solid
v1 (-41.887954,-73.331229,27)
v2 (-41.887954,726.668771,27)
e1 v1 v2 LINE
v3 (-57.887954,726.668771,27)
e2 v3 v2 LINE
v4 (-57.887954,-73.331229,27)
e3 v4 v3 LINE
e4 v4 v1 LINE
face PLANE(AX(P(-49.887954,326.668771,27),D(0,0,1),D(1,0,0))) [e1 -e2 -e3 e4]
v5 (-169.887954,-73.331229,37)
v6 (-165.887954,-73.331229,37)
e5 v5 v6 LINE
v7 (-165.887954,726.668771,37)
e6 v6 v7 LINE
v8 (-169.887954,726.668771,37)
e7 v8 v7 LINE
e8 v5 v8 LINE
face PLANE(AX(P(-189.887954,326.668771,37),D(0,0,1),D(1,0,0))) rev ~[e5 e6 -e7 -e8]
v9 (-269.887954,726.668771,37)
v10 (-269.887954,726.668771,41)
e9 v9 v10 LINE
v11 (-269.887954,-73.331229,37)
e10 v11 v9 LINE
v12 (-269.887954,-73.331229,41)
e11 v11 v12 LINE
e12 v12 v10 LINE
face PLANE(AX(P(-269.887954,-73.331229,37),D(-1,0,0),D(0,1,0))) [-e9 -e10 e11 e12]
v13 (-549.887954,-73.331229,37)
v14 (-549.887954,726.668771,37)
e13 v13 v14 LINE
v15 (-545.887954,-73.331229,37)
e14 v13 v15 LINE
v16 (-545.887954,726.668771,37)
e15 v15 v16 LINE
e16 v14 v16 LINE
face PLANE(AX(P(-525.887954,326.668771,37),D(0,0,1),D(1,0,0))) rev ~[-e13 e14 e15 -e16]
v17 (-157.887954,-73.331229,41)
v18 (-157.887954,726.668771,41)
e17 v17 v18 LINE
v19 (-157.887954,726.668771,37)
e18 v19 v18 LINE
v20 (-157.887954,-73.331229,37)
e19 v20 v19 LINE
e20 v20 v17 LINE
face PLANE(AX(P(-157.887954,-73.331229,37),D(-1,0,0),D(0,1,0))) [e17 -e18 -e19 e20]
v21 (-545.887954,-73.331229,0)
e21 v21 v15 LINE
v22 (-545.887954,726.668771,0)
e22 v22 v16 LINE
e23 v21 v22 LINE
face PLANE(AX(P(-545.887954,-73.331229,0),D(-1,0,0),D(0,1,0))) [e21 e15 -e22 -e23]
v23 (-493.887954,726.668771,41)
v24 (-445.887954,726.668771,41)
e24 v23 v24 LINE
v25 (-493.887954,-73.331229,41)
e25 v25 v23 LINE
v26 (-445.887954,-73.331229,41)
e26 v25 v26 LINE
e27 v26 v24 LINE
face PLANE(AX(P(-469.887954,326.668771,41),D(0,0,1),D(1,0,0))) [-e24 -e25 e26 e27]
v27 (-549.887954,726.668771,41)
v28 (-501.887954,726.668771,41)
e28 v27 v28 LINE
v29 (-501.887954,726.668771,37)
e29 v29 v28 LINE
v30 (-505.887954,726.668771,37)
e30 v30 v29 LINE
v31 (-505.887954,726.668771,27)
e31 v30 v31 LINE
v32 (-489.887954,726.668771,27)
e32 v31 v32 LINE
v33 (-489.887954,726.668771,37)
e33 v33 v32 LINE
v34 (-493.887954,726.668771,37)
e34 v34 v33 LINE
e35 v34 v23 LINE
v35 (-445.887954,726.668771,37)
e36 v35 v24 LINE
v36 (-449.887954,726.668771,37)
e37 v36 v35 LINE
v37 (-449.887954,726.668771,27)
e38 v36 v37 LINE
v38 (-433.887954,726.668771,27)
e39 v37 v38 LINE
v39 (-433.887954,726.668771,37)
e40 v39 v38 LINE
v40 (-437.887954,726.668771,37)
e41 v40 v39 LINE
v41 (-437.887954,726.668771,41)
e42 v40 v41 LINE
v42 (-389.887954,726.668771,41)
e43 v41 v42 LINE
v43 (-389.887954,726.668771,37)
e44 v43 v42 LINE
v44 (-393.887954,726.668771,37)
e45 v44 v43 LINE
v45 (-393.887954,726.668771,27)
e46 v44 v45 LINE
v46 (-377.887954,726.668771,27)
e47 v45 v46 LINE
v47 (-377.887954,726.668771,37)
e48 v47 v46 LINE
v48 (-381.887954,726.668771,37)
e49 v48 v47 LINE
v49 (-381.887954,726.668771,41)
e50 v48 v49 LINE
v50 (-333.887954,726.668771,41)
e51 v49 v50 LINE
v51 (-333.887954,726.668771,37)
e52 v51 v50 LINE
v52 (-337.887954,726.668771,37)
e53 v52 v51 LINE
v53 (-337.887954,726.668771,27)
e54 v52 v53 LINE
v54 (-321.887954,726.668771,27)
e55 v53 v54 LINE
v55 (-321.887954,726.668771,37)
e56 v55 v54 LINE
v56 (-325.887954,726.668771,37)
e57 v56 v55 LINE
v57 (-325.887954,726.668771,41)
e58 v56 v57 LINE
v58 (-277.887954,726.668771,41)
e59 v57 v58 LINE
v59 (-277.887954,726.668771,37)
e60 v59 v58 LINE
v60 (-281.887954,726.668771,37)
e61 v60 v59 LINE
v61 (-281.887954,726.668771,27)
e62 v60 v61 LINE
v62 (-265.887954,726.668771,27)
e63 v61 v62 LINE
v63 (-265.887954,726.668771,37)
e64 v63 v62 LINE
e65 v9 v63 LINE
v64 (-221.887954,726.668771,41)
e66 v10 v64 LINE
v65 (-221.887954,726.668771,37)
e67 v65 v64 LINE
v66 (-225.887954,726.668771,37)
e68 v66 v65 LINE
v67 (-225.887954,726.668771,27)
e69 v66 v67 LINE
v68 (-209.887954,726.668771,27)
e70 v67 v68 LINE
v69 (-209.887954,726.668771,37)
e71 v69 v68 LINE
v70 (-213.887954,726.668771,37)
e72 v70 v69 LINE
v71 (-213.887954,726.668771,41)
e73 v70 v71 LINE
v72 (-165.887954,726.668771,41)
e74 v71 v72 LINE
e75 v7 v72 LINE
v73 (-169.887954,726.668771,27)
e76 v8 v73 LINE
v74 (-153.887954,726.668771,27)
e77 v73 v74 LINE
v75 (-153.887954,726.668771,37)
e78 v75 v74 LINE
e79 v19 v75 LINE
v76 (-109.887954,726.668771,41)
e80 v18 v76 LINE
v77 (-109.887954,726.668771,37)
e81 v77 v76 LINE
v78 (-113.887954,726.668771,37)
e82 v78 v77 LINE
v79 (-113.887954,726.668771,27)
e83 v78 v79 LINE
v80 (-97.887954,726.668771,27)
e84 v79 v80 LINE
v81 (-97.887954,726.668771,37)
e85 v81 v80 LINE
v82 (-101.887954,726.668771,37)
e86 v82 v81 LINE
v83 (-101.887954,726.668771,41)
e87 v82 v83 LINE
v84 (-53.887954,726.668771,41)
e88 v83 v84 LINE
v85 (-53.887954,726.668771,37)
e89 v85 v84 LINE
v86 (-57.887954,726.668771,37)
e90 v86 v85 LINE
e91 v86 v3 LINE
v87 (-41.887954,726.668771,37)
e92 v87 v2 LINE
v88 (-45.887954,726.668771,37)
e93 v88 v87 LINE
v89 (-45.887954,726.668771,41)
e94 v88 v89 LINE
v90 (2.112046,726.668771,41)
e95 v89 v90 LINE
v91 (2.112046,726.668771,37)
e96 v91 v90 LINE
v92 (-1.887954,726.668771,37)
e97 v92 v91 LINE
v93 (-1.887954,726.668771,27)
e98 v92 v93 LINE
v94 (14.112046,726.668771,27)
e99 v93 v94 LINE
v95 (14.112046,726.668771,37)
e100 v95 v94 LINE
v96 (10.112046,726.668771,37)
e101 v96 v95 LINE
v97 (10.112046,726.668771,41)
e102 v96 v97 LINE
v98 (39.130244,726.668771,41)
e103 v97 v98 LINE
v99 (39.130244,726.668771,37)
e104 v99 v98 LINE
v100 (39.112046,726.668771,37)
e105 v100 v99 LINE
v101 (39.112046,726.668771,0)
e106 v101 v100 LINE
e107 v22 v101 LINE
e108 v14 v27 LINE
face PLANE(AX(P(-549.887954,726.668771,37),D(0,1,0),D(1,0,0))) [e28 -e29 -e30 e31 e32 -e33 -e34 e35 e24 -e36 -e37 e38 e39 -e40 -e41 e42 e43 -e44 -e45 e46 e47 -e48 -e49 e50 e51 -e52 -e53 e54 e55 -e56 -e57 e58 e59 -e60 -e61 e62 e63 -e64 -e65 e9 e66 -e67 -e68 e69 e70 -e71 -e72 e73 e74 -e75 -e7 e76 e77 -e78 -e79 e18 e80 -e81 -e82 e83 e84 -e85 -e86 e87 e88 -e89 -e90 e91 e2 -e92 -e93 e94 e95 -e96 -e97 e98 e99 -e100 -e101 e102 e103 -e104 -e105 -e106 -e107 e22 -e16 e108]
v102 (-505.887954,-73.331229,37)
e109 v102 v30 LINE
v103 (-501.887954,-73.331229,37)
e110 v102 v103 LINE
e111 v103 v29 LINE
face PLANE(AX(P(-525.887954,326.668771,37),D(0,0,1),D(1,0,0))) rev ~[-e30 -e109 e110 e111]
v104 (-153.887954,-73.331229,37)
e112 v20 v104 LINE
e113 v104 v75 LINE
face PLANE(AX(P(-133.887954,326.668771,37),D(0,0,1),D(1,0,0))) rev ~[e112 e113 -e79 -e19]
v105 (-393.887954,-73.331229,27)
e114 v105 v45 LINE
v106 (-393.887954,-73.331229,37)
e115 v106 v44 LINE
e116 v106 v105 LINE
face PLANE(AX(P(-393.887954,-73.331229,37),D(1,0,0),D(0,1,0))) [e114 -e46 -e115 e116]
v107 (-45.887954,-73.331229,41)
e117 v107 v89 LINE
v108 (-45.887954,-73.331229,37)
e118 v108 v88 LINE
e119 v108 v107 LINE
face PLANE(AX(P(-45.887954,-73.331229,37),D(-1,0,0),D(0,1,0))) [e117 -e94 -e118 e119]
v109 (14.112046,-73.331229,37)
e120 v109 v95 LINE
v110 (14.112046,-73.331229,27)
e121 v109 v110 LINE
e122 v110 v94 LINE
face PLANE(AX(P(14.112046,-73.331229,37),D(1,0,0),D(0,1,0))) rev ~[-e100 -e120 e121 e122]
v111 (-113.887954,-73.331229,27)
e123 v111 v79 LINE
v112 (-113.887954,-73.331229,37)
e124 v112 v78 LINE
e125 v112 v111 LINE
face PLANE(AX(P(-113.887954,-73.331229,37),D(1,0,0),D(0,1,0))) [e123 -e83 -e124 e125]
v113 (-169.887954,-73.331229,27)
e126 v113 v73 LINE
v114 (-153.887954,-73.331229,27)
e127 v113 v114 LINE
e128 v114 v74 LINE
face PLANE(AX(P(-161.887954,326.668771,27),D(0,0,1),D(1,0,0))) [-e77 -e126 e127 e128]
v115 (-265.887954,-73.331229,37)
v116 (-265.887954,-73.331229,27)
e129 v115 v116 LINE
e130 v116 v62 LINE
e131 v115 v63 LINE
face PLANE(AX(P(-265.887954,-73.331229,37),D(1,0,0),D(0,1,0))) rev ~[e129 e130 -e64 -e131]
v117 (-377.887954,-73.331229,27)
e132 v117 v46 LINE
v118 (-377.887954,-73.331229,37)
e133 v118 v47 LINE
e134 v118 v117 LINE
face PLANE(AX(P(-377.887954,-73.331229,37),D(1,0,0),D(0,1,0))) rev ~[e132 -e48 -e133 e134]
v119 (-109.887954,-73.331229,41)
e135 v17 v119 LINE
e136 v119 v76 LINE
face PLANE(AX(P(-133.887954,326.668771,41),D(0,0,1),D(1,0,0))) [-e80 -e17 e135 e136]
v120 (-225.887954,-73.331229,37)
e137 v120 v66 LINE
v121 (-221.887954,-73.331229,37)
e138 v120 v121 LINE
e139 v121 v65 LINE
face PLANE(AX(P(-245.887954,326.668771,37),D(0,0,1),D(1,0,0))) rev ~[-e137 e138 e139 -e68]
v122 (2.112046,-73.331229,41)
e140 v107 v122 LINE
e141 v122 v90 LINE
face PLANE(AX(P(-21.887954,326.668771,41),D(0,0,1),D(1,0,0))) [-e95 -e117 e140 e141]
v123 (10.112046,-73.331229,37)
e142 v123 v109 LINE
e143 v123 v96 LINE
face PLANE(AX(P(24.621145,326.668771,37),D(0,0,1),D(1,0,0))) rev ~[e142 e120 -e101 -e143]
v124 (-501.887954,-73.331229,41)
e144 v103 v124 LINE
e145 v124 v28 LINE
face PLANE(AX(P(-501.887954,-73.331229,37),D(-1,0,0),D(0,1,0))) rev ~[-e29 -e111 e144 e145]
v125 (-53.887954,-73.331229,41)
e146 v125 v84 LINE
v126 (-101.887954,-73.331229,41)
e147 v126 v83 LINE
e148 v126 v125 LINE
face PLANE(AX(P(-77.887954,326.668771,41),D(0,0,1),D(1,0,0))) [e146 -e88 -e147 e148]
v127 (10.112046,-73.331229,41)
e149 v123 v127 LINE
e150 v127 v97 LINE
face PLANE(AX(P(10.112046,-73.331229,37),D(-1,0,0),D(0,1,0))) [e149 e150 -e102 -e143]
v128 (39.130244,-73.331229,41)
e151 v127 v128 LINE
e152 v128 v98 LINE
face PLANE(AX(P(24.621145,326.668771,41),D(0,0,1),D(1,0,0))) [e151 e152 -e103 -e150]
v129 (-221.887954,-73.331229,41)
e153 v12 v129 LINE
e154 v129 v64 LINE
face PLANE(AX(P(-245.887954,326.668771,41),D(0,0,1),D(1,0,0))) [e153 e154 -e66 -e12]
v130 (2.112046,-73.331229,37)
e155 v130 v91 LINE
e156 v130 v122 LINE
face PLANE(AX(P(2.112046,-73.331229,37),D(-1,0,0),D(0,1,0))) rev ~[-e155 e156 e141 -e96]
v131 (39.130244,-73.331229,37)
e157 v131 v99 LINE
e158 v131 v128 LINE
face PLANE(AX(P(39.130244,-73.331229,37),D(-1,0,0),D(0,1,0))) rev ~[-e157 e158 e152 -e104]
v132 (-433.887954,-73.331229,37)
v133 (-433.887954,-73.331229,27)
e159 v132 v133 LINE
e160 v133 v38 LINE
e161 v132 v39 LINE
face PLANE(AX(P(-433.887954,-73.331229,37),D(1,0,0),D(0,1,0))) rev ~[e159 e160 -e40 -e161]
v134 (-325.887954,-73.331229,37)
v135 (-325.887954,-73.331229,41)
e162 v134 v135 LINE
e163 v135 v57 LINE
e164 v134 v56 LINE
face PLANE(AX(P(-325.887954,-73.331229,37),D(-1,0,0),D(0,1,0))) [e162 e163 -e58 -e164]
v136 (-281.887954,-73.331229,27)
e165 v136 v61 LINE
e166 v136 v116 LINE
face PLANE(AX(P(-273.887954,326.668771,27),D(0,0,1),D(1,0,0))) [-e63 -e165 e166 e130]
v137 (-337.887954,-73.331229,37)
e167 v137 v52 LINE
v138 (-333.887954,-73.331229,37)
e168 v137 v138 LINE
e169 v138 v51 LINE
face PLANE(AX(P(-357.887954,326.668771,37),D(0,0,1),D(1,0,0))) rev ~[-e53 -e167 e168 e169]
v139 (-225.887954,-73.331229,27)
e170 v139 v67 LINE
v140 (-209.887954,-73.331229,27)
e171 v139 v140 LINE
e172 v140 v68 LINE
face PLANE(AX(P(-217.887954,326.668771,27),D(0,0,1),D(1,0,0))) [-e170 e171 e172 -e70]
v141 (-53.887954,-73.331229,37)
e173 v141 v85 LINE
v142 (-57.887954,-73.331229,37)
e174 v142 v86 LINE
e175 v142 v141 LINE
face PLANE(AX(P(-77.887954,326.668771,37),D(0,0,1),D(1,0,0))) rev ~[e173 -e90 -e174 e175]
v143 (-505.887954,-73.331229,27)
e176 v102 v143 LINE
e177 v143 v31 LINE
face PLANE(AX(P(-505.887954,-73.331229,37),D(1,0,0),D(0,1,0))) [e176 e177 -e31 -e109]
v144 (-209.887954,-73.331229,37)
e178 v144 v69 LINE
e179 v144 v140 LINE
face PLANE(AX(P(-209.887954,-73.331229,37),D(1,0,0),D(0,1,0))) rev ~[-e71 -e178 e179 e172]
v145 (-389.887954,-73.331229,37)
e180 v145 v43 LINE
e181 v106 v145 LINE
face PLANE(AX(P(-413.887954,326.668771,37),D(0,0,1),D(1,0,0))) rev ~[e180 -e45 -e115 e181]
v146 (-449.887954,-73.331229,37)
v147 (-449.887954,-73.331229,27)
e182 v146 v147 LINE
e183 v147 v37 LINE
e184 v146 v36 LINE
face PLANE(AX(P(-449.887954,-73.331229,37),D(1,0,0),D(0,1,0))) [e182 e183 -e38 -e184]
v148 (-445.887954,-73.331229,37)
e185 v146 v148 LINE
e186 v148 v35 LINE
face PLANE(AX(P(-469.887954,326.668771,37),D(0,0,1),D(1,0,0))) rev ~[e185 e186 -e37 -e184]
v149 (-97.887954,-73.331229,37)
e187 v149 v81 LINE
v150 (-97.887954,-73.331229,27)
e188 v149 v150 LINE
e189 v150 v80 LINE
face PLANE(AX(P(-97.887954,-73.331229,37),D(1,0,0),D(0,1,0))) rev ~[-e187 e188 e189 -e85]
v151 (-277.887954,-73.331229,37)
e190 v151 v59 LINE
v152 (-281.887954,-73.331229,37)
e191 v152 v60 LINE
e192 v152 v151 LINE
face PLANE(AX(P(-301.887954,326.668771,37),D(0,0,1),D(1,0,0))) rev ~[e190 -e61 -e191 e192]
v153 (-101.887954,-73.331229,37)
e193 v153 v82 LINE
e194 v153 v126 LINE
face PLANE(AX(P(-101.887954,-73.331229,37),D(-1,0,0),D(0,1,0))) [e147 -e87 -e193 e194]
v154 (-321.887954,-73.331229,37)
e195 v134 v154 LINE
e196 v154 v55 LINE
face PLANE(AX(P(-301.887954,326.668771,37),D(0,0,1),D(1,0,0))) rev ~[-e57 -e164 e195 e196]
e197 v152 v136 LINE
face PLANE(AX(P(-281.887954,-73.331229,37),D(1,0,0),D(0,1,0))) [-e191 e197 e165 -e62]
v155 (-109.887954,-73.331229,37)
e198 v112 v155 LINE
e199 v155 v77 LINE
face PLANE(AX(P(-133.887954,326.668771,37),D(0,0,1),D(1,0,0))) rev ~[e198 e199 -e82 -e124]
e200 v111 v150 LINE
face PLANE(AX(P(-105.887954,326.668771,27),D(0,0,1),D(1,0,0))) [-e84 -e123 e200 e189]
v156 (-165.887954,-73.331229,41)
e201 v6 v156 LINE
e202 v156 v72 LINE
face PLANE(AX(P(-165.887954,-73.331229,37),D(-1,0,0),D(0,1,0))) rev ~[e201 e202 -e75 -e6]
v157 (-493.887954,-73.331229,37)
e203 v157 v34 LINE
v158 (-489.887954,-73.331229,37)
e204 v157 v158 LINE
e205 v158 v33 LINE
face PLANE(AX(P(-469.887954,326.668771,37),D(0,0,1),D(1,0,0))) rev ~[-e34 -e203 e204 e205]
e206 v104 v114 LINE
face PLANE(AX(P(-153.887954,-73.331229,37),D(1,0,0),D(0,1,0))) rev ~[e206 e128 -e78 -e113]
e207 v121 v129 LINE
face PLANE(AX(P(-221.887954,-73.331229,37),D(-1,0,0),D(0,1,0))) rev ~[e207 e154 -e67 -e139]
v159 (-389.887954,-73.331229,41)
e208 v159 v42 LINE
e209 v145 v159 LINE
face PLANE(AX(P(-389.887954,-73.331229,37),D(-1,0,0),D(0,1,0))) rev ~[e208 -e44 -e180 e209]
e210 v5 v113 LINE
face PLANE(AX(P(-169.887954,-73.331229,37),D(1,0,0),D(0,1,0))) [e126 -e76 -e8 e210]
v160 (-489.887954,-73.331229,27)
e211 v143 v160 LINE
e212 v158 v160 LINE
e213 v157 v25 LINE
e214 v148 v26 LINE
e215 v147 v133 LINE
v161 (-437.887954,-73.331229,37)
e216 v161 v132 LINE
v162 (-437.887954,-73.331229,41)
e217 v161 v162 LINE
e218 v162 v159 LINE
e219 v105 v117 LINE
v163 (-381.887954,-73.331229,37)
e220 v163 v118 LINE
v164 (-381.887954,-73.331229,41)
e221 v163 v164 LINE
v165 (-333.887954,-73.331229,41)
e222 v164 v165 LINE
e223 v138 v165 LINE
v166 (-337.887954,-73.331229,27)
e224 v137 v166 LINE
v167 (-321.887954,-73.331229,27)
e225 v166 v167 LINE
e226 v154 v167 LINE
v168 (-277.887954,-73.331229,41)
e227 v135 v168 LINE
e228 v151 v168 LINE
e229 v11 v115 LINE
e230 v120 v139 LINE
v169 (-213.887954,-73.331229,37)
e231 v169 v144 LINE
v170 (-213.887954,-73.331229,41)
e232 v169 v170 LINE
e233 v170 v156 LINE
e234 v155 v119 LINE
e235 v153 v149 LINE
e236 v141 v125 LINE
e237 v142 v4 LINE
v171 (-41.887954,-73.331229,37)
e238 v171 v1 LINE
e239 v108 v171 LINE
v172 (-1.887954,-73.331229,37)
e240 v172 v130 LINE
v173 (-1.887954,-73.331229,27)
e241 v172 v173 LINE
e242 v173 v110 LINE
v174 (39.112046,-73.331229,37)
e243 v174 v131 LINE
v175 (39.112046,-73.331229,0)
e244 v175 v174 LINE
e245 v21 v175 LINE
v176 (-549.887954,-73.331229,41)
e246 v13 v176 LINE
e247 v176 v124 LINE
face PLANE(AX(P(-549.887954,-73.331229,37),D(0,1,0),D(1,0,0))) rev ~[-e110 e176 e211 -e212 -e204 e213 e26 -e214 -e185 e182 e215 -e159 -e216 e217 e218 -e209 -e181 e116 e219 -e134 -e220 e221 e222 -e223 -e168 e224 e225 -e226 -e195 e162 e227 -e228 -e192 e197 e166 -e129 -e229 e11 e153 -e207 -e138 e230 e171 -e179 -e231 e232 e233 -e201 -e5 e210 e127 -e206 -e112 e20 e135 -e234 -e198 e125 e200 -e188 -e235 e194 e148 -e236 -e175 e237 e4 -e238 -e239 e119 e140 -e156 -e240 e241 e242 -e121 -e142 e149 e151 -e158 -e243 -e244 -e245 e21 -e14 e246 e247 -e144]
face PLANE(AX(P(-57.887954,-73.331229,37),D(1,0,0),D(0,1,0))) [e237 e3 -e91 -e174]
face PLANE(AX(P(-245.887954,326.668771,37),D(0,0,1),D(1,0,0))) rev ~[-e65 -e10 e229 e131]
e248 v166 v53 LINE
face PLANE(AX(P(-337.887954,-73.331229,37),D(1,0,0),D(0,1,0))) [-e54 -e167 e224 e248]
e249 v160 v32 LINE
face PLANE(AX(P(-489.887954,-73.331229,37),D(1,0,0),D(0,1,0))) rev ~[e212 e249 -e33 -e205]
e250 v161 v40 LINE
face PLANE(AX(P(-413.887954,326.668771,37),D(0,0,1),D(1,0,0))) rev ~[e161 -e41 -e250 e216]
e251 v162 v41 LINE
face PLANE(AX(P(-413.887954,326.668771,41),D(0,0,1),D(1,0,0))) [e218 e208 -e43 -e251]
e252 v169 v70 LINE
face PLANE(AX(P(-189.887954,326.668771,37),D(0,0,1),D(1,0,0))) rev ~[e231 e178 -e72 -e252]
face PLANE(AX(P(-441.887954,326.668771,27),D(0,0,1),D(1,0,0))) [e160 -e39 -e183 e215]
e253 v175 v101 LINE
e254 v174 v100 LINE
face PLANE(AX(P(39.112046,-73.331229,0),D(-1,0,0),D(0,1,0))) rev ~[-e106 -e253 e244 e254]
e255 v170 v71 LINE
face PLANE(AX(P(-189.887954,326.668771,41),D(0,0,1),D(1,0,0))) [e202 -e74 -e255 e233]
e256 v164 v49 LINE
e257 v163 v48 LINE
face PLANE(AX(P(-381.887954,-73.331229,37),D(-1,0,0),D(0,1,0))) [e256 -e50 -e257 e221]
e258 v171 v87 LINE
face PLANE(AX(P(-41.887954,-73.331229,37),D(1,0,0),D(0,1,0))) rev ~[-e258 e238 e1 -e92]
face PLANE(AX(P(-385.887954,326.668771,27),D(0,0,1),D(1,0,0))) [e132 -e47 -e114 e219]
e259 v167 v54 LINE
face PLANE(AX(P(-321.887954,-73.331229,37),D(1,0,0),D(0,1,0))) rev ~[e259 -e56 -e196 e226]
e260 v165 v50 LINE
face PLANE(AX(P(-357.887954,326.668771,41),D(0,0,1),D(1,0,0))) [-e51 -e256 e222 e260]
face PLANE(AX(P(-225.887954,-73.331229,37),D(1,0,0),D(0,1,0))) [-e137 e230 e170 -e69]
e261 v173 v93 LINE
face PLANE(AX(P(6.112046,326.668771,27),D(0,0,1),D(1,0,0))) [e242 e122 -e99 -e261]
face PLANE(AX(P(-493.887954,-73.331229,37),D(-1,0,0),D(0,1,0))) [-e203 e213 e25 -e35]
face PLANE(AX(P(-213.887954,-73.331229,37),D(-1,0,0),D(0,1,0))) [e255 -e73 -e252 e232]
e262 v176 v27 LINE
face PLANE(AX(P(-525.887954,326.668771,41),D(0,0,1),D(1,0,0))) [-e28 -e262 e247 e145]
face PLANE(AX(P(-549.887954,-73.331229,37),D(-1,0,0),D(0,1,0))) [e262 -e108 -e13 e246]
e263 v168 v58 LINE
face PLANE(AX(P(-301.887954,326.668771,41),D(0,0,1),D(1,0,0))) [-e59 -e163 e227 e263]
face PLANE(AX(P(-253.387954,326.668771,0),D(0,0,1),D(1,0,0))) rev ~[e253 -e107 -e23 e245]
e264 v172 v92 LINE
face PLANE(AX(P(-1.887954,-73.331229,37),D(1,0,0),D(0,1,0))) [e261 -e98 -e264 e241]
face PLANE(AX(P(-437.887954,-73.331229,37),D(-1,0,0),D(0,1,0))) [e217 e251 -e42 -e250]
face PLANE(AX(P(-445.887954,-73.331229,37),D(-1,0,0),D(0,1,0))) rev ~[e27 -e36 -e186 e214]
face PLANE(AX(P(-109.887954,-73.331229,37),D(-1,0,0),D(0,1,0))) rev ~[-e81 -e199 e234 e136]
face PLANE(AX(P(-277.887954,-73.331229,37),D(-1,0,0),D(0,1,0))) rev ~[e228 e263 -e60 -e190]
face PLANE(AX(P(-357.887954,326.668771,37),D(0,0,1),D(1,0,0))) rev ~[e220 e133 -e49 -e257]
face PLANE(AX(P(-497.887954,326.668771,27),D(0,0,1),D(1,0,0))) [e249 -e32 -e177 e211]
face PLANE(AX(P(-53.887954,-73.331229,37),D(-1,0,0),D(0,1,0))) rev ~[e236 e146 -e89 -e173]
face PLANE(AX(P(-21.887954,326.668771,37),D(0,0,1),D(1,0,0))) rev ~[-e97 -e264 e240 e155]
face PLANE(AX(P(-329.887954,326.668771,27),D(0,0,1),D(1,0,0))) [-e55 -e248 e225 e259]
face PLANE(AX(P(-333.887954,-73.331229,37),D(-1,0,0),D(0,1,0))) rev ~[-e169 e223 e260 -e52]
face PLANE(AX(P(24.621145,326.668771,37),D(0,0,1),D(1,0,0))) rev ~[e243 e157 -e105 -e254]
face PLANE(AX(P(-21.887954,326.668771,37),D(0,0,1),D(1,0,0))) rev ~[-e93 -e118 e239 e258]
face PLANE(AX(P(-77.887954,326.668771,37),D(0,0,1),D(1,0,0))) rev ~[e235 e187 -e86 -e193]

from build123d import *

# Parameters (mm, degrees)
F0_W     = 585
F0_H     = 800
F1_DEPTH = 37
F2_W     = 16
F2_H     = 800
F3_DEPTH = 10
F4_W     = 48
F4_H     = 800
F4_W_2   = 29.018198
F5_DEPTH = 4


with BuildPart() as f1:
    # F0 (on Top) → F1 (new body)
    with BuildSketch(Plane.XY):
        with Locations((-253.387954, 326.668771)):
            Rectangle(F0_W, F0_H)
    extrude(amount=F1_DEPTH)

    # F2 (on face) → F3 (cut)
    with BuildSketch(Plane.XY.offset(37)):
        with Locations((-497.887954, 326.668771)):
            Rectangle(F2_W, F2_H)
        with Locations((-441.887954, 326.668771)):
            Rectangle(F2_W, F2_H)
        with Locations((-385.887954, 326.668771)):
            Rectangle(F2_W, F2_H)
        with Locations((-329.887954, 326.668771)):
            Rectangle(F2_W, F2_H)
        with Locations((-273.887954, 326.668771)):
            Rectangle(F2_W, F2_H)
        with Locations((-217.887954, 326.668771)):
            Rectangle(F2_W, F2_H)
        with Locations((-161.887954, 326.668771)):
            Rectangle(F2_W, F2_H)
        with Locations((-105.887954, 326.668771)):
            Rectangle(F2_W, F2_H)
        with Locations((-49.887954, 326.668771)):
            Rectangle(F2_W, F2_H)
        with Locations((6.112046, 326.668771)):
            Rectangle(F2_W, F2_H)
    extrude(amount=-F3_DEPTH, mode=Mode.SUBTRACT)

    # F4 (on face) → F5 (join)
    with BuildSketch(Plane.XY.offset(37)):
        with Locations((-525.887954, 326.668771)):
            Rectangle(F4_W, F4_H)
        with Locations((-469.887954, 326.668771)):
            Rectangle(F4_W, F4_H)
        with Locations((-413.887954, 326.668771)):
            Rectangle(F4_W, F4_H)
        with Locations((-357.887954, 326.668771)):
            Rectangle(F4_W, F4_H)
        with Locations((-301.887954, 326.668771)):
            Rectangle(F4_W, F4_H)
        with Locations((-245.887954, 326.668771)):
            Rectangle(F4_W, F4_H)
        with Locations((-189.887954, 326.668771)):
            Rectangle(F4_W, F4_H)
        with Locations((-133.887954, 326.668771)):
            Rectangle(F4_W, F4_H)
        with Locations((-77.887954, 326.668771)):
            Rectangle(F4_W, F4_H)
        with Locations((-21.887954, 326.668771)):
            Rectangle(F4_W, F4_H)
        with Locations((24.621145, 326.668771)):
            Rectangle(F4_W_2, F4_H)
    extrude(amount=F5_DEPTH)


solid = f1.part
